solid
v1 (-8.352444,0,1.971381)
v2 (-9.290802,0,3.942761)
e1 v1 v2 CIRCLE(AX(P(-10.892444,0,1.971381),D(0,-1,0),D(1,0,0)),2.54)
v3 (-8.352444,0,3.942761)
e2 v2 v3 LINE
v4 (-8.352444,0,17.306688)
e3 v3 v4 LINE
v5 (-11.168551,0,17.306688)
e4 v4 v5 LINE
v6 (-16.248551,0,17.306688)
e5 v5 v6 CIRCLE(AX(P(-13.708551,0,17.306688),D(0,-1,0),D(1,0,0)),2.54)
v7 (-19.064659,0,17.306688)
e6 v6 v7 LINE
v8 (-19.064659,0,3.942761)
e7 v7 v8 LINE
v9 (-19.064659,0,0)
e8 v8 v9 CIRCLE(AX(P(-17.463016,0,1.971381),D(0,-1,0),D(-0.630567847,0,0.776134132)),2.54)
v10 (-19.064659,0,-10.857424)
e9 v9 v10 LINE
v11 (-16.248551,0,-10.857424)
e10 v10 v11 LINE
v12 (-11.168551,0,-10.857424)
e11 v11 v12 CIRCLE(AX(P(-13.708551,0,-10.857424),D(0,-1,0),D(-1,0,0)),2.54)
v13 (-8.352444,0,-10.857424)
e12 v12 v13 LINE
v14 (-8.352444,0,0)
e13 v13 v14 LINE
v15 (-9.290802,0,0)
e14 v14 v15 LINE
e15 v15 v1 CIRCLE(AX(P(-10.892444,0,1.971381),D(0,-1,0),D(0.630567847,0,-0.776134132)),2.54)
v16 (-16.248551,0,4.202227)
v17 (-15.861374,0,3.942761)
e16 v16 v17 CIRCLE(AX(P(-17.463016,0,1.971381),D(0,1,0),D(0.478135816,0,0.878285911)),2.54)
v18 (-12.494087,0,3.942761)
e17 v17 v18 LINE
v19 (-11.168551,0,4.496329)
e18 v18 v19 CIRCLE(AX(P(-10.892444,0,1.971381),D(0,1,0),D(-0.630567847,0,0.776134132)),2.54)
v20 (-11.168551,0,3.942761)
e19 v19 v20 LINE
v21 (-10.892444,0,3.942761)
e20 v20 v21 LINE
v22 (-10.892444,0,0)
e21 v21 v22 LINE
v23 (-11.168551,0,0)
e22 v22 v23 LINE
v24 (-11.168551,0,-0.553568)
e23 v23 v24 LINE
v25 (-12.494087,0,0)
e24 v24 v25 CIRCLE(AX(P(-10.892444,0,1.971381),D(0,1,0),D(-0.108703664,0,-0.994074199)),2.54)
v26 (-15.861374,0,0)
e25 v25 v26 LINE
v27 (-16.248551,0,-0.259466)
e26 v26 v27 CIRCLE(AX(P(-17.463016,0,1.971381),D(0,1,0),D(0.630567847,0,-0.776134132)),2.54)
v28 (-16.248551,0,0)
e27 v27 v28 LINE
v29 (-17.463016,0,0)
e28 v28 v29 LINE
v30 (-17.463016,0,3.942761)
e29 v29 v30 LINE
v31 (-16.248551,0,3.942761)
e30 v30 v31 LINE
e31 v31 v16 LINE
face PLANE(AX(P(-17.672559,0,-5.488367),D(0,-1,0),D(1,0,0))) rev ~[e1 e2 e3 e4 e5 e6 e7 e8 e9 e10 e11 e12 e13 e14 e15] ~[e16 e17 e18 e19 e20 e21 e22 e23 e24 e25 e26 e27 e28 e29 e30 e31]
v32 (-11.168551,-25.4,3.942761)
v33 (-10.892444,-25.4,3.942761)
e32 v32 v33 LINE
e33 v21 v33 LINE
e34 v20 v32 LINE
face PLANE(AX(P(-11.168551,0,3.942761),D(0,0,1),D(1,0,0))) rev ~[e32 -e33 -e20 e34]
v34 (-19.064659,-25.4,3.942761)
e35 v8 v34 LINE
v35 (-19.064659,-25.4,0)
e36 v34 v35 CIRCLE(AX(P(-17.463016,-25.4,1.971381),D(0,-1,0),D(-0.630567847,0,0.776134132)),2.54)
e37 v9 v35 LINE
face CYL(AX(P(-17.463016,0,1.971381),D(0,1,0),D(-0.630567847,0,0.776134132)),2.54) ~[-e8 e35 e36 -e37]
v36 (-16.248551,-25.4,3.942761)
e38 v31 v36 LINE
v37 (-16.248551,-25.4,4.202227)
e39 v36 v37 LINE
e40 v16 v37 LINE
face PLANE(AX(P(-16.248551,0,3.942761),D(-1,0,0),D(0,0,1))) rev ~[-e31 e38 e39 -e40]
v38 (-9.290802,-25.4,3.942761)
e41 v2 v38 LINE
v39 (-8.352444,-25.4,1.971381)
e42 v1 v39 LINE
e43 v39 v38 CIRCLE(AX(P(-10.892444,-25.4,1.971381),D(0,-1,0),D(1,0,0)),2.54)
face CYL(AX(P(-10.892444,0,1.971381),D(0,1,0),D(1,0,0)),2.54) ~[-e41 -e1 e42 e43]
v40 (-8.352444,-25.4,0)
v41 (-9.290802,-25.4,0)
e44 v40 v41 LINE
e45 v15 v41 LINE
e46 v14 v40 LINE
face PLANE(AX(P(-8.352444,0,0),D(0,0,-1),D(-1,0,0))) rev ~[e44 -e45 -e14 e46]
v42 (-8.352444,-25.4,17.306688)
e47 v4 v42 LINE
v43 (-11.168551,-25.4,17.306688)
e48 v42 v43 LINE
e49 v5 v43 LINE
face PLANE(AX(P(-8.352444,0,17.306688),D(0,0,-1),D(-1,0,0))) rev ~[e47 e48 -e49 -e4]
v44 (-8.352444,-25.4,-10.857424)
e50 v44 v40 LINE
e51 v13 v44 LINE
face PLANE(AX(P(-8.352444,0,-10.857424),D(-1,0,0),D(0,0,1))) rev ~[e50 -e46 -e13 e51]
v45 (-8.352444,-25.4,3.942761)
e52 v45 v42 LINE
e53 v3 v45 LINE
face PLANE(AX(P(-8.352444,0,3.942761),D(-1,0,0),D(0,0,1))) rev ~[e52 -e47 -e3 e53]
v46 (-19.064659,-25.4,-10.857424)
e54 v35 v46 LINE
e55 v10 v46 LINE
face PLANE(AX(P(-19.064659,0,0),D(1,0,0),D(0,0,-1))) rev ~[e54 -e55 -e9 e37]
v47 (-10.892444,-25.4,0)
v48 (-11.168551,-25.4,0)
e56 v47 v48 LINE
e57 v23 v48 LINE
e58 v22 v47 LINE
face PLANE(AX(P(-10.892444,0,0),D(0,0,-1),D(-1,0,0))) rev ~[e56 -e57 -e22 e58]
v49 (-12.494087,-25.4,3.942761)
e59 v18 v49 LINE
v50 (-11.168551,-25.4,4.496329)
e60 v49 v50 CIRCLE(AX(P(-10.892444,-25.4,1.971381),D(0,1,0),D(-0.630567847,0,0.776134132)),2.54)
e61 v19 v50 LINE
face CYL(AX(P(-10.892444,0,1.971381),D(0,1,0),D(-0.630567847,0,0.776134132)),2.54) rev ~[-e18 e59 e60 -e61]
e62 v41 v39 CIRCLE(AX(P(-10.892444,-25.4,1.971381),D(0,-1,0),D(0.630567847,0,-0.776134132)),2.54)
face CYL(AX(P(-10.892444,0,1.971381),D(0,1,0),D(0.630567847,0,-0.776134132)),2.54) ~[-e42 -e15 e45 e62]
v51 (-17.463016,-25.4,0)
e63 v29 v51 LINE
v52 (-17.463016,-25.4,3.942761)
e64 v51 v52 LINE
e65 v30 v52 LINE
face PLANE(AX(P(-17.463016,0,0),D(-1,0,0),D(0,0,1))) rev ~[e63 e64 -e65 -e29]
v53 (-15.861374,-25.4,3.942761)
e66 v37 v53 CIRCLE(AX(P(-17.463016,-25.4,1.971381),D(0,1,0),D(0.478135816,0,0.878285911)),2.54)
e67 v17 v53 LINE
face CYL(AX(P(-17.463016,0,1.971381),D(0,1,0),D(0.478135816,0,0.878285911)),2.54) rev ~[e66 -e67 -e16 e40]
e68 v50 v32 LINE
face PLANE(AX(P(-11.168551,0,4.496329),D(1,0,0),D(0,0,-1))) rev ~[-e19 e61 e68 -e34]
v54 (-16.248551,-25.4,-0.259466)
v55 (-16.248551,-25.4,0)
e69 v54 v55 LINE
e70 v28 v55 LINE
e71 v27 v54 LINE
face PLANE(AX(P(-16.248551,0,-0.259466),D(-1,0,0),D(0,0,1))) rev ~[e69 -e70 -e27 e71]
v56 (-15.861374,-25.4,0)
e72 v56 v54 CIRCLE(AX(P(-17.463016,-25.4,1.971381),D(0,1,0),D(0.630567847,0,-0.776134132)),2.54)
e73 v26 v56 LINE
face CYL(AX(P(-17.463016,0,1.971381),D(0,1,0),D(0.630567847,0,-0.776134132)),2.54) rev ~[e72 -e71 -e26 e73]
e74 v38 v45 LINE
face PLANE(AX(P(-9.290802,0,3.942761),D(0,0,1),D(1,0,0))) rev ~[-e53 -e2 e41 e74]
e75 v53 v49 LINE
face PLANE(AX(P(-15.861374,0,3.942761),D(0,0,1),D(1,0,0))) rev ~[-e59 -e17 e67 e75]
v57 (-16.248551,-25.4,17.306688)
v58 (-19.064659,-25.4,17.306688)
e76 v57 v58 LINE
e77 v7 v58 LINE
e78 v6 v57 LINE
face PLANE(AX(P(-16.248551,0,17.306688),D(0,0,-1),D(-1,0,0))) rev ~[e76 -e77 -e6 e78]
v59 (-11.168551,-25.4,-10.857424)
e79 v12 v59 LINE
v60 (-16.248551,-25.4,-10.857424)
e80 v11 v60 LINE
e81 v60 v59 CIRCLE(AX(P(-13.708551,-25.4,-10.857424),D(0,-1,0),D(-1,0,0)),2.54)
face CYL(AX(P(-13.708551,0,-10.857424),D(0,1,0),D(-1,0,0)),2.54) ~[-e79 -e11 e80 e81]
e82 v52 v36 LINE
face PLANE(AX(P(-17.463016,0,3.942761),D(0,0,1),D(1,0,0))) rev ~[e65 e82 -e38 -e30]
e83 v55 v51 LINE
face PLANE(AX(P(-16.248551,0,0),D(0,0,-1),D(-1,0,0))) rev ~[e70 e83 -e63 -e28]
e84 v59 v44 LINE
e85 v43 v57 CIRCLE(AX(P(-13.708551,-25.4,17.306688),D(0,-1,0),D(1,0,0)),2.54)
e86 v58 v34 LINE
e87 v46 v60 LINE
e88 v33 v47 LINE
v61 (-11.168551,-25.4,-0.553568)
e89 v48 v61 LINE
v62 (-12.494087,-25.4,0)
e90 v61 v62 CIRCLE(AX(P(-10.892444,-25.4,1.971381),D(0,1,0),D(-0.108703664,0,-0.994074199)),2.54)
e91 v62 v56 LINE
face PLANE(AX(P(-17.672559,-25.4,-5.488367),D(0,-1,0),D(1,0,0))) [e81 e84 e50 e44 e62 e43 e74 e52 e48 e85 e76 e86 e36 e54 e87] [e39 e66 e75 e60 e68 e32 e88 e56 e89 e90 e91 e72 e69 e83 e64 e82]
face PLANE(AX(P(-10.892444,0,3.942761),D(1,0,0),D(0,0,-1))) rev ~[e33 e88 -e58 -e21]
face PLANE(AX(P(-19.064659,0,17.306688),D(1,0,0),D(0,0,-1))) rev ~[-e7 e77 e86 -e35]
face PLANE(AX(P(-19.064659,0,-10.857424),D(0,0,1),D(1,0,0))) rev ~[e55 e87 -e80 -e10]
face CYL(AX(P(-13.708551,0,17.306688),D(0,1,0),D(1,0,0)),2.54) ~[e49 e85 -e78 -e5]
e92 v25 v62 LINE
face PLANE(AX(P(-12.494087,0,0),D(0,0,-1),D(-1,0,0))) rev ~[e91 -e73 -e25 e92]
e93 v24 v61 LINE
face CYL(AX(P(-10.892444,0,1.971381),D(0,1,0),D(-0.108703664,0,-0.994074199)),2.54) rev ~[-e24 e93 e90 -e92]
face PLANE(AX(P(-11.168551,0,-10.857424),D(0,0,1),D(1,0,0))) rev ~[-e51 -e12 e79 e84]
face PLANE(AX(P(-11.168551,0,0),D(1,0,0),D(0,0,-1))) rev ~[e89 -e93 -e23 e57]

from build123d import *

# Parameters (mm, degrees)
F1_DEPTH = 25.4


with BuildPart() as f1:
    # F0 (on Front) → F1 (new body)
    with BuildSketch(Plane.XZ):
        with BuildLine():
            Line((-19.0646587873, 0), (-19.0646587873, -10.8574238314))
            Line((-19.0646587873, -10.8574238314), (-16.248551482, -10.8574238314))
            Line((-16.248551482, -10.8574238314), (-16.248551482, -0.2594655191))
            ThreePointArc((-16.248551482, -0.2594655191), (-17.6960554342, -0.5579063267), (-19.0646587873, 0))
        make_face()
        with BuildLine():
            ThreePointArc((-11.168551482, -10.8574238314), (-13.708551482, -8.3174238314), (-16.248551482, -10.8574238314))
            Line((-16.248551482, -10.8574238314), (-11.168551482, -10.8574238314))
        make_face()
        with BuildLine():
            Line((-16.248551482, -0.2594655191), (-16.248551482, -10.8574238314))
            ThreePointArc((-16.248551482, -10.8574238314), (-13.708551482, -8.3174238314), (-11.168551482, -10.8574238314))
            Line((-11.168551482, -10.8574238314), (-11.168551482, -0.5535677717))
            ThreePointArc((-11.168551482, -0.5535677717), (-11.8712675745, -0.3724419858), (-12.4940865083, 0))
            Line((-12.4940865083, 0), (-15.8613741242, 0))
            ThreePointArc((-15.8613741242, 0), (-16.0489988895, -0.1386321783), (-16.248551482, -0.2594655191))
        make_face()
        with BuildLine():
            Line((-11.168551482, -10.8574238314), (-16.248551482, -10.8574238314))
            ThreePointArc((-16.248551482, -10.8574238314), (-13.708551482, -13.3974238314), (-11.168551482, -10.8574238314))
        make_face()
        with BuildLine():
            ThreePointArc((-19.0646587873, 3.9427613886), (-20.0030164557, 1.9713806943), (-19.0646587873, 0))
            Line((-19.0646587873, 0), (-17.4630164557, 0))
            Line((-17.4630164557, 0), (-17.4630164557, 3.9427613886))
            Line((-17.4630164557, 3.9427613886), (-19.0646587873, 3.9427613886))
        make_face()
        with BuildLine():
            Line((-17.4630164557, 0), (-19.0646587873, 0))
            ThreePointArc((-19.0646587873, 0), (-17.6960554342, -0.5579063267), (-16.248551482, -0.2594655191))
            Line((-16.248551482, -0.2594655191), (-16.248551482, 0))
            Line((-16.248551482, 0), (-17.4630164557, 0))
        make_face()
        with BuildLine():
            Line((-11.168551482, -0.5535677717), (-11.168551482, -10.8574238314))
            Line((-11.168551482, -10.8574238314), (-8.3524441767, -10.8574238314))
            Line((-8.3524441767, -10.8574238314), (-8.3524441767, 0))
            Line((-8.3524441767, 0), (-9.2908018452, 0))
            ThreePointArc((-9.2908018452, 0), (-10.1742032033, -0.4649546488), (-11.168551482, -0.5535677717))
        make_face()
        with BuildLine():
            ThreePointArc((-16.248551482, 4.2022269076), (-17.6960554342, 4.5006677153), (-19.0646587873, 3.9427613886))
            Line((-19.0646587873, 3.9427613886), (-17.4630164557, 3.9427613886))
            Line((-17.4630164557, 3.9427613886), (-16.248551482, 3.9427613886))
            Line((-16.248551482, 3.9427613886), (-16.248551482, 4.2022269076))
        make_face()
        with BuildLine():
            Line((-19.0646587873, 17.3066876673), (-19.0646587873, 3.9427613886))
            ThreePointArc((-19.0646587873, 3.9427613886), (-17.6960554342, 4.5006677153), (-16.248551482, 4.2022269076))
            Line((-16.248551482, 4.2022269076), (-16.248551482, 17.3066876673))
            Line((-16.248551482, 17.3066876673), (-19.0646587873, 17.3066876673))
        make_face()
        with BuildLine():
            Line((-11.168551482, 0), (-11.168551482, -0.5535677717))
            ThreePointArc((-11.168551482, -0.5535677717), (-10.1742032033, -0.4649546488), (-9.2908018452, 0))
            Line((-9.2908018452, 0), (-10.8924441767, 0))
            Line((-10.8924441767, 0), (-11.168551482, 0))
        make_face()
        with BuildLine():
            Line((-16.248551482, 17.3066876673), (-16.248551482, 4.2022269076))
            ThreePointArc((-16.248551482, 4.2022269076), (-16.0489988895, 4.0813935669), (-15.8613741242, 3.9427613886))
            Line((-15.8613741242, 3.9427613886), (-12.4940865083, 3.9427613886))
            ThreePointArc((-12.4940865083, 3.9427613886), (-11.8712675745, 4.3152033744), (-11.168551482, 4.4963291603))
            Line((-11.168551482, 4.4963291603), (-11.168551482, 17.3066876673))
            ThreePointArc((-11.168551482, 17.3066876673), (-13.708551482, 14.7666876673), (-16.248551482, 17.3066876673))
        make_face()
        with BuildLine():
            Line((-10.8924441767, 0), (-9.2908018452, 0))
            ThreePointArc((-9.2908018452, 0), (-8.5990000939, 0.8797240455), (-8.3524441767, 1.9713806943))
            ThreePointArc((-8.3524441767, 1.9713806943), (-8.5990000939, 3.0630373431), (-9.2908018452, 3.9427613886))
            Line((-9.2908018452, 3.9427613886), (-10.8924441767, 3.9427613886))
            Line((-10.8924441767, 3.9427613886), (-10.8924441767, 0))
        make_face()
        with BuildLine():
            ThreePointArc((-11.168551482, 17.3066876673), (-13.708551482, 19.8466876673), (-16.248551482, 17.3066876673))
            Line((-16.248551482, 17.3066876673), (-11.168551482, 17.3066876673))
        make_face()
        with BuildLine():
            Line((-11.168551482, 17.3066876673), (-16.248551482, 17.3066876673))
            ThreePointArc((-16.248551482, 17.3066876673), (-13.708551482, 14.7666876673), (-11.168551482, 17.3066876673))
        make_face()
        with BuildLine():
            Line((-11.168551482, 4.4963291603), (-11.168551482, 3.9427613886))
            Line((-11.168551482, 3.9427613886), (-10.8924441767, 3.9427613886))
            Line((-10.8924441767, 3.9427613886), (-9.2908018452, 3.9427613886))
            ThreePointArc((-9.2908018452, 3.9427613886), (-10.1742032033, 4.4077160374), (-11.168551482, 4.4963291603))
        make_face()
        with BuildLine():
            Line((-8.3524441767, 17.3066876673), (-11.168551482, 17.3066876673))
            Line((-11.168551482, 17.3066876673), (-11.168551482, 4.4963291603))
            ThreePointArc((-11.168551482, 4.4963291603), (-10.1742032033, 4.4077160374), (-9.2908018452, 3.9427613886))
            Line((-9.2908018452, 3.9427613886), (-8.3524441767, 3.9427613886))
            Line((-8.3524441767, 3.9427613886), (-8.3524441767, 17.3066876673))
        make_face()
    extrude(amount=F1_DEPTH)


solid = f1.part
